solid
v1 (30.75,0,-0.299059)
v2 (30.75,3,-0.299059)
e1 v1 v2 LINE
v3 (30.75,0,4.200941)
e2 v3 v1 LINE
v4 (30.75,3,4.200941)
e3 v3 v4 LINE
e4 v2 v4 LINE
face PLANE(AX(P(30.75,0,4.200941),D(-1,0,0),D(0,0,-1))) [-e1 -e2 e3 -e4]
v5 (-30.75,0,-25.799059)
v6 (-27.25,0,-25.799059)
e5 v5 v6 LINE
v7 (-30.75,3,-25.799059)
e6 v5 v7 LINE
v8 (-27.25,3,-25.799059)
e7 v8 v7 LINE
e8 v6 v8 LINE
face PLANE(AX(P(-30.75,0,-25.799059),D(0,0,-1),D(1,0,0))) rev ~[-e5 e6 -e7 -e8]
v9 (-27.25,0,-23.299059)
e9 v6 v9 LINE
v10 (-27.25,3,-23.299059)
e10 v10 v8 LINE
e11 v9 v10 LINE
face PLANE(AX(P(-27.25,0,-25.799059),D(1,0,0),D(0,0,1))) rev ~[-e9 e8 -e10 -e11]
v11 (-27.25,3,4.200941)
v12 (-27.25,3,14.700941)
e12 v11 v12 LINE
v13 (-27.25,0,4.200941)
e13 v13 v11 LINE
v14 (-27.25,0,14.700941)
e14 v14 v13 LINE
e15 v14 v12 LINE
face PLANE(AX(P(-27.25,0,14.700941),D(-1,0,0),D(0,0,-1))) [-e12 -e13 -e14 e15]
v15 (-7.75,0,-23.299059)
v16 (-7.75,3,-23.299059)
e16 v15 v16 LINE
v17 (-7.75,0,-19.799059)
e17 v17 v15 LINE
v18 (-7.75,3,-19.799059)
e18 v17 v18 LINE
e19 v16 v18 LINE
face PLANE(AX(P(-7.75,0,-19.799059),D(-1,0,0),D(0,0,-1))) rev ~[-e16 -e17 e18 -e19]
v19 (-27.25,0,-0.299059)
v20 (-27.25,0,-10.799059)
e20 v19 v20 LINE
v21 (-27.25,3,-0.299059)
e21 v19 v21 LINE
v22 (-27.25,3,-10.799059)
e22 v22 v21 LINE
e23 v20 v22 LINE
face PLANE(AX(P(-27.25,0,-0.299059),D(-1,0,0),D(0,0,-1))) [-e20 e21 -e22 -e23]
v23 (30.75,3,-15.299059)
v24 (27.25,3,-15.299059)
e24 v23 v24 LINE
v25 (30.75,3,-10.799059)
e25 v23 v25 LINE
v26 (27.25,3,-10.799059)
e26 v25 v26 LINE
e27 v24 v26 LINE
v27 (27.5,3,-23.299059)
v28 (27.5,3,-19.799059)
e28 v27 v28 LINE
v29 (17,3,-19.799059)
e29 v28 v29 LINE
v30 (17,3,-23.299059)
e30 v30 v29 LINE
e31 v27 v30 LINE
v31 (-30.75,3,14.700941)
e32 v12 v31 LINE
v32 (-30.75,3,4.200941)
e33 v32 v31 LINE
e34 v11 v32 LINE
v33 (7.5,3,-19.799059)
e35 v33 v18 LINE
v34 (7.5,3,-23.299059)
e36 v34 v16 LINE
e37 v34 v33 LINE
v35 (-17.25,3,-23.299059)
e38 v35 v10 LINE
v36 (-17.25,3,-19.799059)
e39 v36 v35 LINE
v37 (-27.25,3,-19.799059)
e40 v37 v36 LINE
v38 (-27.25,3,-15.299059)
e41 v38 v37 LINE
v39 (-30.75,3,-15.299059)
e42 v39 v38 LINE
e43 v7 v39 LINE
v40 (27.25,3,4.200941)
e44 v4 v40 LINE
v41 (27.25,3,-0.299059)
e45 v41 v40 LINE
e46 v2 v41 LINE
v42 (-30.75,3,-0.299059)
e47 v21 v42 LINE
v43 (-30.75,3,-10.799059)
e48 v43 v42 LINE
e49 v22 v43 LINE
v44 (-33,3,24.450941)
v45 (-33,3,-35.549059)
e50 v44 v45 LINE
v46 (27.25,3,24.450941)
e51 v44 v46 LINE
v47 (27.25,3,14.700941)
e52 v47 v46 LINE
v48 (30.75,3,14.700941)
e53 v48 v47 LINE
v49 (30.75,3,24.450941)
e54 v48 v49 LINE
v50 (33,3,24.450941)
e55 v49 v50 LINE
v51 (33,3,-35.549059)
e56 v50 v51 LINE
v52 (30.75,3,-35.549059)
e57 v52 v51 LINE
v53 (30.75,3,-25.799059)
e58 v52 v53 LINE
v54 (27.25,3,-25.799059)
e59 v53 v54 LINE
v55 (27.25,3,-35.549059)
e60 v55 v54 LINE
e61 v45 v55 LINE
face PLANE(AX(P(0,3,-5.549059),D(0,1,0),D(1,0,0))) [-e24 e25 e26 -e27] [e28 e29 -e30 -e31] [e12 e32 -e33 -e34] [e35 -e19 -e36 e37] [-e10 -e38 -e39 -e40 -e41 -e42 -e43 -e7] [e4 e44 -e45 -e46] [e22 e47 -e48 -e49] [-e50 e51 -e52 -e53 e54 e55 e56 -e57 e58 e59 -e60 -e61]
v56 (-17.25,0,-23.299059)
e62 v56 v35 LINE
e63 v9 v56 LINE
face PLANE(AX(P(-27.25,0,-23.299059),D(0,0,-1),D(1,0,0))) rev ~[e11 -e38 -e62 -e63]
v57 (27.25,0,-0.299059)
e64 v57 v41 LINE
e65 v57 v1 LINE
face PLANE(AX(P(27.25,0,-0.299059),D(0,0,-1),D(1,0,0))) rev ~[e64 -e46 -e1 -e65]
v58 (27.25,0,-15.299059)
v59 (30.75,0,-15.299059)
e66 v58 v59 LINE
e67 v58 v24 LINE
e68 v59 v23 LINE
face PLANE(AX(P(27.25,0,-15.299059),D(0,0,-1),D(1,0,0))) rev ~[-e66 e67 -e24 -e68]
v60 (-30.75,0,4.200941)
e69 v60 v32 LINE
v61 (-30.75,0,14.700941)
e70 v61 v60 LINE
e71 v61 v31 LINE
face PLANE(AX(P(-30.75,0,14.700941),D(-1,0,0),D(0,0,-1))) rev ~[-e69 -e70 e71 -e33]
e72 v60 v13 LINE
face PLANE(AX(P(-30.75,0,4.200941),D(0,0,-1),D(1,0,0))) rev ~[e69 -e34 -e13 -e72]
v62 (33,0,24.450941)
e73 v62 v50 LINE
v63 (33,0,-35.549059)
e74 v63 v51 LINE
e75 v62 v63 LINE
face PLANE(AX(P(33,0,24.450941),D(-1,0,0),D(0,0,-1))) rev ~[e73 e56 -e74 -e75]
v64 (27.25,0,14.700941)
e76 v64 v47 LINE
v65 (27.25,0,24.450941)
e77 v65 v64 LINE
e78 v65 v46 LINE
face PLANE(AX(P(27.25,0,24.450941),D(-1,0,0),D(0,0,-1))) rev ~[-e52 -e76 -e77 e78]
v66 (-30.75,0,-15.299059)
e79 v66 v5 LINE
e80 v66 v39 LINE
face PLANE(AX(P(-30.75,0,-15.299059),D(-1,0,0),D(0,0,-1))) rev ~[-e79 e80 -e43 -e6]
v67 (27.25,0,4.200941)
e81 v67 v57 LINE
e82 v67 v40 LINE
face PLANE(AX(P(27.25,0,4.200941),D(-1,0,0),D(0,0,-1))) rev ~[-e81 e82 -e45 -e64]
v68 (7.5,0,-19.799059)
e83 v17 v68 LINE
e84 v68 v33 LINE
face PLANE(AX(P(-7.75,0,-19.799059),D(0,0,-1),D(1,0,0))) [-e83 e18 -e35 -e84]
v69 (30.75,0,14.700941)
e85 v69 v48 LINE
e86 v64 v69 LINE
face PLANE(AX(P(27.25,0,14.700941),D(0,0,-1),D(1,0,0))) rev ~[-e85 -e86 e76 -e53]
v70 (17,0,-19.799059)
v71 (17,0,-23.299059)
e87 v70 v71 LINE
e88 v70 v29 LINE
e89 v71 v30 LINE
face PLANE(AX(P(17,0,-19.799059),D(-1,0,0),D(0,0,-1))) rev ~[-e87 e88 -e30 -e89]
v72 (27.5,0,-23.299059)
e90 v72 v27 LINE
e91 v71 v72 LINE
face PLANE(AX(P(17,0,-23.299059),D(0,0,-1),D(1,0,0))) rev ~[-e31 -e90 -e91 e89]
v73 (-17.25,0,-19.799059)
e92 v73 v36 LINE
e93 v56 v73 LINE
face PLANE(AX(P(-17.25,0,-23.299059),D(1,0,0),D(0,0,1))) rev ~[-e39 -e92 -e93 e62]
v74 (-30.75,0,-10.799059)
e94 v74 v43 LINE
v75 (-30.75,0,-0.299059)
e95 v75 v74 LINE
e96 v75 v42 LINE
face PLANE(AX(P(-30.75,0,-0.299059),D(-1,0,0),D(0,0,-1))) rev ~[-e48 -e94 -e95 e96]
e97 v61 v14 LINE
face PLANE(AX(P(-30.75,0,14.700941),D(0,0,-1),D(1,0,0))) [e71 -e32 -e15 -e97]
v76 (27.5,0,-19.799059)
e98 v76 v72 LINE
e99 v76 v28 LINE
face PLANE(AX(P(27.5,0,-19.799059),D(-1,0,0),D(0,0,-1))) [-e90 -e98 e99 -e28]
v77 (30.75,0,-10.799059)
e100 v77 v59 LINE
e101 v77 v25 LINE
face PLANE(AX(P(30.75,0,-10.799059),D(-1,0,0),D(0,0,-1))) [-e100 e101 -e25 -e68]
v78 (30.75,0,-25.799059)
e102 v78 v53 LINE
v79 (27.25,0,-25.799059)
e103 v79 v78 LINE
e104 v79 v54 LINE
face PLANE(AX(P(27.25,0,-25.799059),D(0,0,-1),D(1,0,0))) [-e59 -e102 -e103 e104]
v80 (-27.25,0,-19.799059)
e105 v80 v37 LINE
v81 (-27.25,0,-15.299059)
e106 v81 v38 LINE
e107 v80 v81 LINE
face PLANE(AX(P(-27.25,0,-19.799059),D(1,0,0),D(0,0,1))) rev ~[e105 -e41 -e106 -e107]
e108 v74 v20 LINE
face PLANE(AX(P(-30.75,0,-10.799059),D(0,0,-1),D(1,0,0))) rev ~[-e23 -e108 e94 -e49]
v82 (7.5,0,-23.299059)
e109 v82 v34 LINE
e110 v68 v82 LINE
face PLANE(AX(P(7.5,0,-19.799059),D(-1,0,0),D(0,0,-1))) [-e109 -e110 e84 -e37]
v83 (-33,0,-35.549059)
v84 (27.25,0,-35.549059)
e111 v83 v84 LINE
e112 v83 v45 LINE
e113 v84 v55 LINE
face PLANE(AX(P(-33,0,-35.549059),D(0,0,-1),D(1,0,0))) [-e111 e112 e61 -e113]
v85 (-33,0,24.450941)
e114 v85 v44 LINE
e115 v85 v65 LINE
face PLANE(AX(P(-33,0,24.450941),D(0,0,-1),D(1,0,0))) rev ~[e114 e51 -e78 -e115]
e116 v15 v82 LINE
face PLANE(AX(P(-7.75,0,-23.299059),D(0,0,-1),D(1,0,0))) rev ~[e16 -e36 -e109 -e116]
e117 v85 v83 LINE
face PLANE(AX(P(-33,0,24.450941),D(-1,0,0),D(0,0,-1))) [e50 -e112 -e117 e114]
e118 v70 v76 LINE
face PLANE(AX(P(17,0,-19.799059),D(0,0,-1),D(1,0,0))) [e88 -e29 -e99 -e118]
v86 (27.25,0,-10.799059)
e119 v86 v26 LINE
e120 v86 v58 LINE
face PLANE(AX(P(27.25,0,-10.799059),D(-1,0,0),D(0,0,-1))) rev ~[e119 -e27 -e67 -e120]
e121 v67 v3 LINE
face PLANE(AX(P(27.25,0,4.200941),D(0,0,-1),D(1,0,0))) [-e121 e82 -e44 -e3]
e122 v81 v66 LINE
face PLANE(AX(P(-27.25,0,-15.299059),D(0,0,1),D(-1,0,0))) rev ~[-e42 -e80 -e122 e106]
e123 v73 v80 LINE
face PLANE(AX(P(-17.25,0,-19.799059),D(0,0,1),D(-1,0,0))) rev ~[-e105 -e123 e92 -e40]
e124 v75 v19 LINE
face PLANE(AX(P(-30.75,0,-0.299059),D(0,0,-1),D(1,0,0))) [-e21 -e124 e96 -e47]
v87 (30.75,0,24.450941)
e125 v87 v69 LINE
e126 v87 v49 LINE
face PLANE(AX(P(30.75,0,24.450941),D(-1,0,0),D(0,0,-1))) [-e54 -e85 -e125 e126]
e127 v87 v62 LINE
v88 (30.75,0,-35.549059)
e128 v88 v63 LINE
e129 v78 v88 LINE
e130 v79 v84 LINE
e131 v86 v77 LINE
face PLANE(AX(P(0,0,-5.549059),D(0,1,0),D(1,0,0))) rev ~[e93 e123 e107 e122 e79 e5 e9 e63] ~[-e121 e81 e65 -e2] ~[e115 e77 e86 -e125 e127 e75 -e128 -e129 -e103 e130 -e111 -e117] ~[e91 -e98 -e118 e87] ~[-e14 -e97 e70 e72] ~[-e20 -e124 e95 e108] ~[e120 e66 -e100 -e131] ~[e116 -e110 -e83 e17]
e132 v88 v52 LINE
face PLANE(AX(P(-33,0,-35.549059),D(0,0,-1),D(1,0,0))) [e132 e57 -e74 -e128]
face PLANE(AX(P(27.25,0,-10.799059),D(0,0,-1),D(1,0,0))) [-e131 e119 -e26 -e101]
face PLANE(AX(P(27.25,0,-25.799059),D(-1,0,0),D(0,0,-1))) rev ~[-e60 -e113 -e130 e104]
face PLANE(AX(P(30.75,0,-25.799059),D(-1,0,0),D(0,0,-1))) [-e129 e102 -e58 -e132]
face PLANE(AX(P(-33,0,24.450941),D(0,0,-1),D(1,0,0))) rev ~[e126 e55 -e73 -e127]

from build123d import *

# Parameters (mm, degrees)
SKETCH_3_W          = 66
SKETCH_3_H          = 60
EXTRUDE_1_DEPTH     = 3
SKETCH_1_W          = 3.5
SKETCH_1_H          = 10.5
SKETCH_1_H_2        = 9.75
SKETCH_1_H_3        = 4.5
SKETCH_1_W_2        = 15.25
SKETCH_1_H_4        = 3.5
SKETCH_1_W_3        = 10.5
CUT_EXTRUDE_1_DEPTH = 49.597691494


with BuildPart() as part:
    # Эскиз3 → Бобышка-Вытянуть1 (new body)
    with BuildSketch(Plane(origin=(0, 0, 0), x_dir=(1, 0, 0), z_dir=(0, 1, 0))):
        with Locations((0, 5.54905932)):
            Rectangle(SKETCH_3_W, SKETCH_3_H)
    extrude(amount=EXTRUDE_1_DEPTH)

    # Эскиз1 → Вырез-Вытянуть1 (cut, through all)
    with BuildSketch(Plane(origin=(0, 0, 0), x_dir=(1, 0, 0), z_dir=(0, 1, 0))):
        with Locations((-29, 5.54905932)):
            Rectangle(SKETCH_1_W, SKETCH_1_H)
        Polygon((-30.75, 25.79905932), (-27.25, 25.79905932), (-27.25, 23.29905932), (-17.25, 23.29905932), (-17.25, 19.79905932), (-27.25, 19.79905932), (-27.25, 15.29905932), (-30.75, 15.29905932), align=None)
        with Locations((-29, -9.45094068)):
            Rectangle(SKETCH_1_W, SKETCH_1_H)
        with Locations((29, -19.57594068)):
            Rectangle(SKETCH_1_W, SKETCH_1_H_2)
        with Locations((29, 13.04905932)):
            Rectangle(SKETCH_1_W, SKETCH_1_H_3)
        with Locations((29, -1.95094068)):
            Rectangle(SKETCH_1_W, SKETCH_1_H_3)
        with Locations((29, 30.67405932)):
            Rectangle(SKETCH_1_W, SKETCH_1_H_2)
        with Locations((-0.125, 21.54905932)):
            Rectangle(SKETCH_1_W_2, SKETCH_1_H_4)
        with Locations((22.25, 21.54905932)):
            Rectangle(SKETCH_1_W_3, SKETCH_1_H_4)
    extrude(amount=CUT_EXTRUDE_1_DEPTH, mode=Mode.SUBTRACT)


solid = part.part
